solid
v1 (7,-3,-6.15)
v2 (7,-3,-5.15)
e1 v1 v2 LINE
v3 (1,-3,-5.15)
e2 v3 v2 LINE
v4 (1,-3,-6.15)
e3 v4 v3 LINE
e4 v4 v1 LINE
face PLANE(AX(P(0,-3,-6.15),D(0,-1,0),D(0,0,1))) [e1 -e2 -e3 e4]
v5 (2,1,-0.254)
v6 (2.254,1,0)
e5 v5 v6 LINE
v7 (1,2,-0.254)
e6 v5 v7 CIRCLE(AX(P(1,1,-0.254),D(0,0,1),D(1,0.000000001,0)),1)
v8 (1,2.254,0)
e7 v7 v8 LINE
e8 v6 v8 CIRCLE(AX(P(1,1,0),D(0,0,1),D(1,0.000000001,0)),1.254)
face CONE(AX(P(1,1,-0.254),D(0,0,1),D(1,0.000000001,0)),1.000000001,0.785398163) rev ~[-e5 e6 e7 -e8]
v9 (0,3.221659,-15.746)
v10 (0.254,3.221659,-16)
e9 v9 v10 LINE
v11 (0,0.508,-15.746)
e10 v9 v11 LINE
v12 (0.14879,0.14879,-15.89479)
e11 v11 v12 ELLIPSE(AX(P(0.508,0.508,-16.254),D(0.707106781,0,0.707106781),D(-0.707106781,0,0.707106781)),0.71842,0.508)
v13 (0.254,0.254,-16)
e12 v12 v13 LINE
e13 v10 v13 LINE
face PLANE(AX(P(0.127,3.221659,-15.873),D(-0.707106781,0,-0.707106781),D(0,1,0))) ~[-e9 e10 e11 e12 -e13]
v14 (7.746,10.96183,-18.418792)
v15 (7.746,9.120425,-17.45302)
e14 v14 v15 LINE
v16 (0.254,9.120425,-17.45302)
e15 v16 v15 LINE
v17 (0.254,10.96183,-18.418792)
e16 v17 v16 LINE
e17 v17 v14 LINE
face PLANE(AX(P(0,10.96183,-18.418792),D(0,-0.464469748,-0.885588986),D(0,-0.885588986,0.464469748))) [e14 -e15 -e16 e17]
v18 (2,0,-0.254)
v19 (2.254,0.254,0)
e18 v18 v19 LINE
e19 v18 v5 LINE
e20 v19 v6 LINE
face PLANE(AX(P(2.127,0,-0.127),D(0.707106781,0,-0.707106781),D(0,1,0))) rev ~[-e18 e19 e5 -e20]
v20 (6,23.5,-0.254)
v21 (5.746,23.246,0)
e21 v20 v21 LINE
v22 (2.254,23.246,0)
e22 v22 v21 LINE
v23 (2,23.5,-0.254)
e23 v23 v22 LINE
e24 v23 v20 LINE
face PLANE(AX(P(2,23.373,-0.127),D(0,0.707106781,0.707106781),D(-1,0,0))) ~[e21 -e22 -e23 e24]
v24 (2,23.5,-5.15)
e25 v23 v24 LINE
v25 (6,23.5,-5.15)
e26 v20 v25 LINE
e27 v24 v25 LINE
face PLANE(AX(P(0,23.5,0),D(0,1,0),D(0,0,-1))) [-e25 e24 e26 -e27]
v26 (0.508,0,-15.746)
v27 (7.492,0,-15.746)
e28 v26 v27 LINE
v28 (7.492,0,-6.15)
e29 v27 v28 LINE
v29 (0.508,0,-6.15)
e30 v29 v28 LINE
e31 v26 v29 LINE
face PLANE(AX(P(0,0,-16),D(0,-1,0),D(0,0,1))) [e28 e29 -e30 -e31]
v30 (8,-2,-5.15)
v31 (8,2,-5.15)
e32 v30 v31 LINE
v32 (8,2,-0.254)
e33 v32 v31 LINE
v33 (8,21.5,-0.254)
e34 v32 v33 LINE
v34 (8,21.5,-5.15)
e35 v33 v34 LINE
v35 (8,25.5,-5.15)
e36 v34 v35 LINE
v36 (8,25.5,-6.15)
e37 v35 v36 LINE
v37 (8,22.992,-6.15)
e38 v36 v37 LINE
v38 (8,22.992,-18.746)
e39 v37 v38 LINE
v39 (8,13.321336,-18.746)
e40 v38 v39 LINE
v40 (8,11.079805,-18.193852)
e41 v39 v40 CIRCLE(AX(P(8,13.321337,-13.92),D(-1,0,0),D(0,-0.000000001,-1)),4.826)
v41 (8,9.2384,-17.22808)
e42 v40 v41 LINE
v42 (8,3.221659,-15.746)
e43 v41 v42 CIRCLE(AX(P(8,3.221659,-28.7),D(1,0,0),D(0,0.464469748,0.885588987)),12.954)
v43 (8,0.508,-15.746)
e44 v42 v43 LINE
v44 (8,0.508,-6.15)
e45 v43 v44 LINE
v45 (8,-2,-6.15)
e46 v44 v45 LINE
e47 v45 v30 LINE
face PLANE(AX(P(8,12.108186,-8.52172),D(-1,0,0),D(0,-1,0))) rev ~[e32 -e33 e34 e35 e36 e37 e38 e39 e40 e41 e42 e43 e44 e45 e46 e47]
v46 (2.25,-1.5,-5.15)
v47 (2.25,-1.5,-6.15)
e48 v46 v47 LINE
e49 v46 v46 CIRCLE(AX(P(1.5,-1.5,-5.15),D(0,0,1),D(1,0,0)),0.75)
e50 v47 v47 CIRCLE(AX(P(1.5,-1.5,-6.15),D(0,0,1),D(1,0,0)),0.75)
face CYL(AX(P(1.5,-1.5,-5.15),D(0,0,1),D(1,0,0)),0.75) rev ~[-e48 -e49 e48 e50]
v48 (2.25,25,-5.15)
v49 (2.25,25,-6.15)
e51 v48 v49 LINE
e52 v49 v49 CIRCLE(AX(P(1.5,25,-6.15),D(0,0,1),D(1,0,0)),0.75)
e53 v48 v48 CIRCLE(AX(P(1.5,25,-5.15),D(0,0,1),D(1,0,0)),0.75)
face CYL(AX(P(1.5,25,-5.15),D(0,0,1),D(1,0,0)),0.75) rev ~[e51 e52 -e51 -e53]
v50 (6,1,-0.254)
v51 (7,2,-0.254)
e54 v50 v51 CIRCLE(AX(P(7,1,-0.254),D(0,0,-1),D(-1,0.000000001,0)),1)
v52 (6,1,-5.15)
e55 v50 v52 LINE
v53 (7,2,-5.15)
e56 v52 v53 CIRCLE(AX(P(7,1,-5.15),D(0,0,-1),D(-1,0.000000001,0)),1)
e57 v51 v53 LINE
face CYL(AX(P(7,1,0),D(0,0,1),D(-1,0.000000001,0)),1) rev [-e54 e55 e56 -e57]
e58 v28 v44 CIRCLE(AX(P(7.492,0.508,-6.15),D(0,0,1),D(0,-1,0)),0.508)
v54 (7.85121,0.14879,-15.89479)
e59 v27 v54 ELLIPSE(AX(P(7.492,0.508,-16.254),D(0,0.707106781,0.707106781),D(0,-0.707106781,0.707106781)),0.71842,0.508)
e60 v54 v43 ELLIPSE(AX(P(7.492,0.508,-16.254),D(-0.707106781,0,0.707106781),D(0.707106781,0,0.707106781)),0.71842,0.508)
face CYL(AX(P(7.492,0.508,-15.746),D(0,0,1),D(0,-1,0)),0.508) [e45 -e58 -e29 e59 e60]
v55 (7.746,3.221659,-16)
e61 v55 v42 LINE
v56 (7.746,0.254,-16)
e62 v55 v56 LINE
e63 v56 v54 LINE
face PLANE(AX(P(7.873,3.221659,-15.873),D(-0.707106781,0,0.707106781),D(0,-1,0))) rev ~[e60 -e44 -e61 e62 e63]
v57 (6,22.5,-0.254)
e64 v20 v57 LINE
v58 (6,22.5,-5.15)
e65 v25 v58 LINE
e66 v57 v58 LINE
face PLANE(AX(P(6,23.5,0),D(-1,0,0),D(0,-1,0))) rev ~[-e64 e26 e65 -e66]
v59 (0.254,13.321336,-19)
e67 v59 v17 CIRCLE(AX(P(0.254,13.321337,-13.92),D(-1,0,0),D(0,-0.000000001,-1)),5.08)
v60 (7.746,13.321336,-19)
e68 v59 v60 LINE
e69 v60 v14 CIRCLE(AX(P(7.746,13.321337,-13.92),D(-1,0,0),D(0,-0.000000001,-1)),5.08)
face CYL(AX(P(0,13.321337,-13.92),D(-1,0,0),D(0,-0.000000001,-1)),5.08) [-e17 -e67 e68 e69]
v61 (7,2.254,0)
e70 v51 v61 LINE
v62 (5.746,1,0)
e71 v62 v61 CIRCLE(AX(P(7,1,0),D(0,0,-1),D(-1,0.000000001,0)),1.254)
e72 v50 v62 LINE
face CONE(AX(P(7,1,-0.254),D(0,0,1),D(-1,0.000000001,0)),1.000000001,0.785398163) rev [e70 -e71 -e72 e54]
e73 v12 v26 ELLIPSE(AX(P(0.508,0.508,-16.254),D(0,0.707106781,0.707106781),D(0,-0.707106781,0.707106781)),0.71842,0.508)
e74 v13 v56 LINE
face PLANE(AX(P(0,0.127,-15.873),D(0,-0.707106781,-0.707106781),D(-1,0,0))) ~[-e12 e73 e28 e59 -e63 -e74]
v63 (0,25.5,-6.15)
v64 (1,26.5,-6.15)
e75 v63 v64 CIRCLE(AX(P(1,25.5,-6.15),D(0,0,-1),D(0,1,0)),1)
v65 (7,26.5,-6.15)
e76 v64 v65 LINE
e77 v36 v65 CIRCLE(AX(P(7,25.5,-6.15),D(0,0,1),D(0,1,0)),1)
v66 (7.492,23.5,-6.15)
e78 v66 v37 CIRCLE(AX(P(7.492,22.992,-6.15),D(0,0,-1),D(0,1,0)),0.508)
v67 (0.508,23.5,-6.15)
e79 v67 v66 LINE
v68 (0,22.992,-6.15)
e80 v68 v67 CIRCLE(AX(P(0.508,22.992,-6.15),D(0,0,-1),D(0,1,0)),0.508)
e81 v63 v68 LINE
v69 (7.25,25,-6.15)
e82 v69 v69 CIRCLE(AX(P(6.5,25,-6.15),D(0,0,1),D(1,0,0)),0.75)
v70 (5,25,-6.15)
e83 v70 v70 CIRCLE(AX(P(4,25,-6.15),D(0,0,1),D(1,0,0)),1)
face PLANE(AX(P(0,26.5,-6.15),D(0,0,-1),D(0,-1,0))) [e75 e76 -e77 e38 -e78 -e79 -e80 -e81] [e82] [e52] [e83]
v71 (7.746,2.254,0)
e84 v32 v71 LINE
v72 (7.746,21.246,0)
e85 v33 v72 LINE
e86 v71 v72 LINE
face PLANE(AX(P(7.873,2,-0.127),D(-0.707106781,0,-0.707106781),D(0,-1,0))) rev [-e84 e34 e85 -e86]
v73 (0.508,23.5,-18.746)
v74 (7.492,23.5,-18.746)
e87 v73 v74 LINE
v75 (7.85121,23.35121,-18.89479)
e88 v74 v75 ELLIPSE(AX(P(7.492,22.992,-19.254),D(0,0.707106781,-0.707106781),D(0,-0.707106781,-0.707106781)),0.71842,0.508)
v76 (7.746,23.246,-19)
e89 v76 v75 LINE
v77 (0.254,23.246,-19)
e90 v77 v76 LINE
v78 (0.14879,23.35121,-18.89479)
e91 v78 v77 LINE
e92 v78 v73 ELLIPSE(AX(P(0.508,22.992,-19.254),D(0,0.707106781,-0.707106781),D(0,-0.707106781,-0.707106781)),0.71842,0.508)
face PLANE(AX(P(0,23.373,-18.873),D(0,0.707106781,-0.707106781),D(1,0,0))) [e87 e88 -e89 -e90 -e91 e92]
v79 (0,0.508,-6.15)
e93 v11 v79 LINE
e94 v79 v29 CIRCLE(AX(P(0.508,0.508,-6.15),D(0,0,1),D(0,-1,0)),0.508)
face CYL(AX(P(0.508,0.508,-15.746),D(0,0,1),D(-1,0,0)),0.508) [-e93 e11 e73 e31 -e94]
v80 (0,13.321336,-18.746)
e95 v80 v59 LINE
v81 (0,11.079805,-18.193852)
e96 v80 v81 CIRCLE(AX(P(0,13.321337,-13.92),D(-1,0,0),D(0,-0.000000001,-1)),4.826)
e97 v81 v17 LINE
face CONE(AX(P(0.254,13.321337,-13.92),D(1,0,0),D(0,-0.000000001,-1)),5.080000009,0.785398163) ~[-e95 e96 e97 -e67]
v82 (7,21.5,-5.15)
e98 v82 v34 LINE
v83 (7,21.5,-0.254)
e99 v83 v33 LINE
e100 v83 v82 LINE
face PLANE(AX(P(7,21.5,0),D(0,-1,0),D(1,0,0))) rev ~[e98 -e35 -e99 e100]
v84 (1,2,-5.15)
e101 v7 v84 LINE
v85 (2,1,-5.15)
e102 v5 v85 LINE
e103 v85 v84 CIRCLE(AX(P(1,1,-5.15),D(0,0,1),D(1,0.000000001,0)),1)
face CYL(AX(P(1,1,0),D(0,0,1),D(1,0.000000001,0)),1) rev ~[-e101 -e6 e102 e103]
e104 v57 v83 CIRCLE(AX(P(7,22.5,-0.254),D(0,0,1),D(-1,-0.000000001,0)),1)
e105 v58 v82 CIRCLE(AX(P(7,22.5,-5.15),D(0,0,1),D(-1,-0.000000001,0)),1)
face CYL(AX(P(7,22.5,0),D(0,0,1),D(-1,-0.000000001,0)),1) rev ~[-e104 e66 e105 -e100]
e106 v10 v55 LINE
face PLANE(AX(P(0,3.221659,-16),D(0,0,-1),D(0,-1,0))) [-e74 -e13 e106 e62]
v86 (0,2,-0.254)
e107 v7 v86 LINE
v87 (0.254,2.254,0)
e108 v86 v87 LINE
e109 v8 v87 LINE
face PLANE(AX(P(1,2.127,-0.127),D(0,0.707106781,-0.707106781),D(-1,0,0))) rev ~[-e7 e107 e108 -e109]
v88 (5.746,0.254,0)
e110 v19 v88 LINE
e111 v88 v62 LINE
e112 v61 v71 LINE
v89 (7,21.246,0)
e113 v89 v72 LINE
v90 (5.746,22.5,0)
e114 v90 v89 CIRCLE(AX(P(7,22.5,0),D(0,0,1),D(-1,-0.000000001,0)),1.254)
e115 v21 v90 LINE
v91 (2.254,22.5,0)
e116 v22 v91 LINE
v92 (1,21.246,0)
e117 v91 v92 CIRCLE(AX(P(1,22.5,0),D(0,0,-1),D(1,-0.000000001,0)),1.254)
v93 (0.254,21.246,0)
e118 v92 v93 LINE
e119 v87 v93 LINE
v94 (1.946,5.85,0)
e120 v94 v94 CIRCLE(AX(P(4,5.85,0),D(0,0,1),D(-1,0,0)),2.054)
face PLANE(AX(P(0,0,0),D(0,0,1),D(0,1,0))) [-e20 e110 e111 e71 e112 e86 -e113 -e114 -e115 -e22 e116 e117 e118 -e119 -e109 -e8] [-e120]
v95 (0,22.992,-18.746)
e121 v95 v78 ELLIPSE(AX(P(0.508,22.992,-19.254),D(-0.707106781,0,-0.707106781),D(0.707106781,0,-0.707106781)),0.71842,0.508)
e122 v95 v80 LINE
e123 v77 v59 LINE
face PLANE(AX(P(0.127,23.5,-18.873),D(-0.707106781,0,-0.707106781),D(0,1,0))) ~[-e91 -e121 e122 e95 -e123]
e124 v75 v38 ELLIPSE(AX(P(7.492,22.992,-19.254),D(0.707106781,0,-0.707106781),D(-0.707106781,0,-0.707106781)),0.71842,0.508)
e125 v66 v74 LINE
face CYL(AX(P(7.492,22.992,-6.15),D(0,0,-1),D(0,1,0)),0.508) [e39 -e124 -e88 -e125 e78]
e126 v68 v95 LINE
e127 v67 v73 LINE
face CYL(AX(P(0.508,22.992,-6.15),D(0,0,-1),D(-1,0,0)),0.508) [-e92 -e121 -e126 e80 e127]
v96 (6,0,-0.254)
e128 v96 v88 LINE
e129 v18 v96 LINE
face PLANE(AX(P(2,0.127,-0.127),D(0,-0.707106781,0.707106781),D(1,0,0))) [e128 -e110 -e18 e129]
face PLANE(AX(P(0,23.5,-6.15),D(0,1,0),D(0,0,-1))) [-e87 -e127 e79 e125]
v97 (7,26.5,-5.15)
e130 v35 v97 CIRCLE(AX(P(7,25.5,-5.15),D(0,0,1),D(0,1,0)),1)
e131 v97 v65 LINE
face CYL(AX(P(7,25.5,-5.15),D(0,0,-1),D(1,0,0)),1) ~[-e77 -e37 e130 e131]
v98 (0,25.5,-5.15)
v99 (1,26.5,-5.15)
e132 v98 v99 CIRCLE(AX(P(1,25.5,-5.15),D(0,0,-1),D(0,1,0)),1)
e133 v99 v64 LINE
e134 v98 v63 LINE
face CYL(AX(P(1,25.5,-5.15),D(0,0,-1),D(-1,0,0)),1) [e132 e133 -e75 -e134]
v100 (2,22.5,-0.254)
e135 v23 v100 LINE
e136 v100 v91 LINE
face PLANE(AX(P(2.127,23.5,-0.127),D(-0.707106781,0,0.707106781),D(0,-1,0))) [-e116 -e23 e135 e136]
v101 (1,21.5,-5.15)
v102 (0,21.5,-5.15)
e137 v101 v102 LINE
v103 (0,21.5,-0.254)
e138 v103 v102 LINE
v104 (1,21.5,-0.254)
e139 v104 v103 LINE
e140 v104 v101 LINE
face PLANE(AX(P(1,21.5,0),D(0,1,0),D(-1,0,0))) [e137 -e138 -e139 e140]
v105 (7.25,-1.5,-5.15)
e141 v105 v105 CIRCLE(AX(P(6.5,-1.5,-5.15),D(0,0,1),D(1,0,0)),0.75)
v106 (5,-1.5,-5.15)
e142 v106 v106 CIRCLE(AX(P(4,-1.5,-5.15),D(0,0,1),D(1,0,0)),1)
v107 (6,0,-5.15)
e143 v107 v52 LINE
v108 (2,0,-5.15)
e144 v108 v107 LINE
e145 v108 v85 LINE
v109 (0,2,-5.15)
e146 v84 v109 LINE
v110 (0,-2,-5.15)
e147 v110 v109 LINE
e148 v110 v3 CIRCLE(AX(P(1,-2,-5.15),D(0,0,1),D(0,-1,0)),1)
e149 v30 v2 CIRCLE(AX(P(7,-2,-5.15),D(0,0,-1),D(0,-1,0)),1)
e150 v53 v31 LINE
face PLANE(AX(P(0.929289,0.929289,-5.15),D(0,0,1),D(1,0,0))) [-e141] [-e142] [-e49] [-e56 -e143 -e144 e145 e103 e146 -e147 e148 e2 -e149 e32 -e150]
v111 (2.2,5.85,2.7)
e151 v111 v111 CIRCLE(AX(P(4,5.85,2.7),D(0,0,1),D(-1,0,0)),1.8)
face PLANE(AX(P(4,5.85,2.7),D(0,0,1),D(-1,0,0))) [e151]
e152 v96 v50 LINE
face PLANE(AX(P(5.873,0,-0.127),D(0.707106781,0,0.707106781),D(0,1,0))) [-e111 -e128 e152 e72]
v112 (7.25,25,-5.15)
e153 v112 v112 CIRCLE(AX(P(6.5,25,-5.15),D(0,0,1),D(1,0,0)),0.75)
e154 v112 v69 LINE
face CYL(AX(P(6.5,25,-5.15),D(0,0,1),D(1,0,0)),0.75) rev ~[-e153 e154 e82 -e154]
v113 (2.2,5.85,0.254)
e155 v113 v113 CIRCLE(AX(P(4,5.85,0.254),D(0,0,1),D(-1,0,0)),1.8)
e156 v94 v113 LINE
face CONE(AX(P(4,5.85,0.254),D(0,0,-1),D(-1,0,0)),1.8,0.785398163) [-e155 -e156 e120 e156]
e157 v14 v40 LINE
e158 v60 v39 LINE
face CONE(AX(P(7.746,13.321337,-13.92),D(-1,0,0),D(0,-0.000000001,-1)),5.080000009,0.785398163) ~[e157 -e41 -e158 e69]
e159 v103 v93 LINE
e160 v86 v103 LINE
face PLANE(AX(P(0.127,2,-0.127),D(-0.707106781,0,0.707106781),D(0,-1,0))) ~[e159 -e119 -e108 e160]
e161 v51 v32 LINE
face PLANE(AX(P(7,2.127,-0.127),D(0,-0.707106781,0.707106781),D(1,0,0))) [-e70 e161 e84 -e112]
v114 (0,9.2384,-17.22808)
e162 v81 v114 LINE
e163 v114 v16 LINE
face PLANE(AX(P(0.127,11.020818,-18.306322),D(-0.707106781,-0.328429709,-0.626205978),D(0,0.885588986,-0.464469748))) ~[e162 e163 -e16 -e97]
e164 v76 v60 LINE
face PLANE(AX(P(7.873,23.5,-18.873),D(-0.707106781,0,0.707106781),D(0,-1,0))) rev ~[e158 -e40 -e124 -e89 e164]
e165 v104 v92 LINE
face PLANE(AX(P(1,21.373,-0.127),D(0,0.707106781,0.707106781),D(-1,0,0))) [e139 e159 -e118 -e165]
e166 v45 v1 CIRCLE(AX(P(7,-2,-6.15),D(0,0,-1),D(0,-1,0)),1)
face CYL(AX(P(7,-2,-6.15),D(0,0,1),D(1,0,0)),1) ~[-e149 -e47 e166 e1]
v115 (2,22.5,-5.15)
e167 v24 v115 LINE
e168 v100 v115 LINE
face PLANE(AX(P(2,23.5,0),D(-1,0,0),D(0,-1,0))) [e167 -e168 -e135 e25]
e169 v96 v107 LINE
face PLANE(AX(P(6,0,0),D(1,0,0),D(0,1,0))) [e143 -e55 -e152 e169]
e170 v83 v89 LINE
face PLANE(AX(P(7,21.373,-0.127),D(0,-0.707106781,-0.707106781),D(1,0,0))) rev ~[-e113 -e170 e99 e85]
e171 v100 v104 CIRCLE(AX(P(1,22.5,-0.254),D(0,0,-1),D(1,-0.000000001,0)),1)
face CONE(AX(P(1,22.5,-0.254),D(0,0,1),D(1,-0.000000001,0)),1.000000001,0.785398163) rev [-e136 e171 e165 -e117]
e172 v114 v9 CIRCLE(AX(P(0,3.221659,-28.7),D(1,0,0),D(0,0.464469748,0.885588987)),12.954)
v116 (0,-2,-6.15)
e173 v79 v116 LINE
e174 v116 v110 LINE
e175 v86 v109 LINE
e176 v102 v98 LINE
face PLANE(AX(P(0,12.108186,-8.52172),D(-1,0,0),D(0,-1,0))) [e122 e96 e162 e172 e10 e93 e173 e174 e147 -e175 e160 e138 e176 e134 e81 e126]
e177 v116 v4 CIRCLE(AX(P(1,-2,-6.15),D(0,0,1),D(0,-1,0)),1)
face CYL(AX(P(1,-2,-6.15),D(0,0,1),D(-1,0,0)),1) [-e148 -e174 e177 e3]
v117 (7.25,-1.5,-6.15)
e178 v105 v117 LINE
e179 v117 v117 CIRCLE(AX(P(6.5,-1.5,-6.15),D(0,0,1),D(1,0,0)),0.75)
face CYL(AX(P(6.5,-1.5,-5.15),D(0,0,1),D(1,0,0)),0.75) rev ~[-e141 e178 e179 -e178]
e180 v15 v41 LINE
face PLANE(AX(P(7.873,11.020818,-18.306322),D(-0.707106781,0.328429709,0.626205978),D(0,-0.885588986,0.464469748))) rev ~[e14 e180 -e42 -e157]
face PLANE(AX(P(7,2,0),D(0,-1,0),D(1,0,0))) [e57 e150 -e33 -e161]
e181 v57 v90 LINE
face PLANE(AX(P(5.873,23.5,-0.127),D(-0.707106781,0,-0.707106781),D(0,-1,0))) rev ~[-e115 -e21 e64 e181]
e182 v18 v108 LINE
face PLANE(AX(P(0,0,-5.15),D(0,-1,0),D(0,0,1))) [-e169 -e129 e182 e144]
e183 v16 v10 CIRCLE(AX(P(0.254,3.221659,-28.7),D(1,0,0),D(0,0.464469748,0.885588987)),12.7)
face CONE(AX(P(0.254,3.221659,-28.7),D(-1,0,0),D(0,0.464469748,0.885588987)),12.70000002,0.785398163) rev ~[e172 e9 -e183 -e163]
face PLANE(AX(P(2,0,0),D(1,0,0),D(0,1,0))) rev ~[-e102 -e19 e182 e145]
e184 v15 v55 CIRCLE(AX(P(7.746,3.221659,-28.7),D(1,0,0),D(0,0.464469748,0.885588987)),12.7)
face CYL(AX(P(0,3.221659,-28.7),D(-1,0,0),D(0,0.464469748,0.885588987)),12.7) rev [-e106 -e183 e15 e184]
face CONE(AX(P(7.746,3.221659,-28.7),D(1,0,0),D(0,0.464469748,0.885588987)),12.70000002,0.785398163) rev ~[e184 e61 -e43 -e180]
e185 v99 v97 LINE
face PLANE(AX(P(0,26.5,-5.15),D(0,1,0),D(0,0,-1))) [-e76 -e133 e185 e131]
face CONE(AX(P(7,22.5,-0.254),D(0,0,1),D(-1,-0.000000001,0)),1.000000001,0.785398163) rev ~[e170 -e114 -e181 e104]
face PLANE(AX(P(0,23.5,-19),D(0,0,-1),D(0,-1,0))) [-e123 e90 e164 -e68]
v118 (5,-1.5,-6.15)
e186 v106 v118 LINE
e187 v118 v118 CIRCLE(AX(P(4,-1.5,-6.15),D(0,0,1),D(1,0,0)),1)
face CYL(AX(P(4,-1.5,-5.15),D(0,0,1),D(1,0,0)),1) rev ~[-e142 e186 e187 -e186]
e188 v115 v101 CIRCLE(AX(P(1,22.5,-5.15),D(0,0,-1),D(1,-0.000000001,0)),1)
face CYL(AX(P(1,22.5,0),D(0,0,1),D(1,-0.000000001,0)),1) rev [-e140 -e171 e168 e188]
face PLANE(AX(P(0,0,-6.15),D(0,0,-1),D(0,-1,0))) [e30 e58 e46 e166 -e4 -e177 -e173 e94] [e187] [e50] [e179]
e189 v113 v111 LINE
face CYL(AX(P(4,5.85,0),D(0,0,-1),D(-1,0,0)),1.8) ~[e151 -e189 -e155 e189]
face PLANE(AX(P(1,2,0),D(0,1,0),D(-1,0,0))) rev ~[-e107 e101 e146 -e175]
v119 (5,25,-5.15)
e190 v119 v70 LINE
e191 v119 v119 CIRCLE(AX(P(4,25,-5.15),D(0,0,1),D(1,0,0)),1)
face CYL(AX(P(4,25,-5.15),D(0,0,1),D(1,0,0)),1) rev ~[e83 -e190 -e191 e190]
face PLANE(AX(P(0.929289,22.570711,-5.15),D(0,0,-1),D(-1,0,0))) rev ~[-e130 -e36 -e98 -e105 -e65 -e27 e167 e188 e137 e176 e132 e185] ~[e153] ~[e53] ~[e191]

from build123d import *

# Parameters (mm, degrees)
BOSS_EXTRUDE1_DEPTH = 8
SKETCH2_R           = 1
SKETCH2_R_2         = 0.75
CUT_EXTRUDE1_DEPTH  = 31.952746243
FILLET1_R           = 1
SKETCH3_R           = 1.8
BOSS_EXTRUDE2_DEPTH = 2.7
CUT_EXTRUDE2_DEPTH  = 5.15
CHAMFER1_SIZE       = 0.254
CHAMFER2_SIZE       = 0.254
FILLET2_R           = 0.508


with BuildPart() as part:
    # Sketch1 → Boss-Extrude1 (new body)
    with BuildSketch(Plane.YZ):
        with BuildLine():
            Line((0, 0), (23.5, 0))
            Line((23.5, 0), (23.5, -5.15))
            Line((23.5, -5.15), (26.5, -5.15))
            Line((26.5, -5.15), (26.5, -6.15))
            Line((26.5, -6.15), (23.5, -6.15))
            Line((23.5, -6.15), (23.5, -19))
            Line((23.5, -19), (13.321336499, -19))
            ThreePointArc((13.321336499, -19), (12.106318726, -18.852558343), (10.961830178, -18.418792051))
            Line((10.961830178, -18.418792051), (9.120424555, -17.453019871))
            ThreePointArc((9.120424555, -17.453019871), (6.259203186, -16.368604142), (3.221658753, -16))
            Line((3.221658753, -16), (0, -16))
            Line((0, -16), (0, -6.15))
            Line((0, -6.15), (-3, -6.15))
            Line((-3, -6.15), (-3, -5.15))
            Line((-3, -5.15), (0, -5.15))
            Line((0, -5.15), (0, 0))
        make_face()
    extrude(amount=BOSS_EXTRUDE1_DEPTH)

    # Sketch2 → Cut-Extrude1 (cut, through all)
    with BuildSketch(Plane.XY.offset(-5.15)):
        with Locations((4, -1.5)):
            Circle(SKETCH2_R)
        with Locations((4, 25)):
            Circle(SKETCH2_R)
        with Locations((6.5, 25)):
            Circle(SKETCH2_R_2)
        with Locations((1.5, 25)):
            Circle(SKETCH2_R_2)
        with Locations((1.5, -1.5)):
            Circle(SKETCH2_R_2)
        with Locations((6.5, -1.5)):
            Circle(SKETCH2_R_2)
    extrude(amount=-CUT_EXTRUDE1_DEPTH, mode=Mode.SUBTRACT)

    # Fillet1
    fillet1_edges = [part.edges().sort_by_distance(p)[0] for p in [
        (8, -3, -5.65),
        (0, 26.5, -5.65),
        (0, -3, -5.65),
        (8, 26.5, -5.65),
    ]]
    fillet(fillet1_edges, radius=FILLET1_R)

    # Sketch3 → Boss-Extrude2 (add)
    with BuildSketch(Plane.XY):
        with Locations(Location((4, 5.85, 0), (0, 0, 180))):
            Circle(SKETCH3_R)
    extrude(amount=BOSS_EXTRUDE2_DEPTH)

    # Sketch4 → Cut-Extrude2 (cut)
    with BuildSketch(Plane.XY):
        with BuildLine():
            Line((0, 23.5), (2, 23.5))
            Line((2, 23.5), (2, 22.5))
            ThreePointArc((2, 22.5), (1.707106781, 21.792893219), (1, 21.5))
            Line((1, 21.5), (0, 21.5))
            Line((0, 21.5), (0, 23.5))
        make_face()
        with BuildLine():
            Line((8, 23.5), (6, 23.5))
            Line((6, 23.5), (6, 22.5))
            ThreePointArc((6, 22.5), (6.292893219, 21.792893219), (7, 21.5))
            Line((7, 21.5), (8, 21.5))
            Line((8, 21.5), (8, 23.5))
        make_face()
        with BuildLine():
            Line((0, 0), (2, 0))
            Line((2, 0), (2, 1))
            ThreePointArc((2, 1), (1.707106781, 1.707106781), (1, 2))
            Line((1, 2), (0, 2))
            Line((0, 2), (0, 0))
        make_face()
        with BuildLine():
            Line((8, 0), (6, 0))
            Line((6, 0), (6, 1))
            ThreePointArc((6, 1), (6.292893219, 1.707106781), (7, 2))
            Line((7, 2), (8, 2))
            Line((8, 2), (8, 0))
        make_face()
    extrude(amount=-CUT_EXTRUDE2_DEPTH, mode=Mode.SUBTRACT)

    # Chamfer1
    chamfer1_edges = [part.edges().sort_by_distance(p)[0] for p in [
        (5.8, 5.85, 0),
        (0, 11.75, 0),
        (8, 11.75, 0),
        (4, 0, 0),
        (4, 23.5, 0),
        (6, 23, 0),
        (6.292893219, 21.792893219, 0),
        (7.5, 21.5, 0),
        (2, 0.5, 0),
        (1.707106781, 1.707106781, 0),
        (0.5, 2, 0),
        (7.5, 2, 0),
        (6.292893219, 1.707106781, 0),
        (6, 0.5, 0),
        (0.5, 21.5, 0),
        (1.707106781, 21.792893219, 0),
        (2, 23, 0),
    ]]
    chamfer(chamfer1_edges, length=CHAMFER1_SIZE)

    # Chamfer2
    chamfer2_edges = [part.edges().sort_by_distance(p)[0] for p in [
        (0, 18.410668249, -19),
        (0, 12.106318726, -18.852558343),
        (0, 10.041127366, -17.935905961),
        (0, 6.259203186, -16.368604142),
        (0, 1.610829376, -16),
        (8, 1.610829376, -16),
        (4, 23.5, -19),
        (4, 0, -16),
        (8, 6.259203186, -16.368604142),
        (8, 10.041127366, -17.935905961),
        (8, 12.106318726, -18.852558343),
        (8, 18.410668249, -19),
    ]]
    chamfer(chamfer2_edges, length=CHAMFER2_SIZE)

    # Fillet2
    fillet2_edges = [part.edges().sort_by_distance(p)[0] for p in [
        (0, 0, -10.948),
        (8, 0, -10.948),
        (0, 23.5, -12.448),
        (8, 23.5, -12.448),
    ]]
    fillet(fillet2_edges, radius=FILLET2_R)


solid = part.part
